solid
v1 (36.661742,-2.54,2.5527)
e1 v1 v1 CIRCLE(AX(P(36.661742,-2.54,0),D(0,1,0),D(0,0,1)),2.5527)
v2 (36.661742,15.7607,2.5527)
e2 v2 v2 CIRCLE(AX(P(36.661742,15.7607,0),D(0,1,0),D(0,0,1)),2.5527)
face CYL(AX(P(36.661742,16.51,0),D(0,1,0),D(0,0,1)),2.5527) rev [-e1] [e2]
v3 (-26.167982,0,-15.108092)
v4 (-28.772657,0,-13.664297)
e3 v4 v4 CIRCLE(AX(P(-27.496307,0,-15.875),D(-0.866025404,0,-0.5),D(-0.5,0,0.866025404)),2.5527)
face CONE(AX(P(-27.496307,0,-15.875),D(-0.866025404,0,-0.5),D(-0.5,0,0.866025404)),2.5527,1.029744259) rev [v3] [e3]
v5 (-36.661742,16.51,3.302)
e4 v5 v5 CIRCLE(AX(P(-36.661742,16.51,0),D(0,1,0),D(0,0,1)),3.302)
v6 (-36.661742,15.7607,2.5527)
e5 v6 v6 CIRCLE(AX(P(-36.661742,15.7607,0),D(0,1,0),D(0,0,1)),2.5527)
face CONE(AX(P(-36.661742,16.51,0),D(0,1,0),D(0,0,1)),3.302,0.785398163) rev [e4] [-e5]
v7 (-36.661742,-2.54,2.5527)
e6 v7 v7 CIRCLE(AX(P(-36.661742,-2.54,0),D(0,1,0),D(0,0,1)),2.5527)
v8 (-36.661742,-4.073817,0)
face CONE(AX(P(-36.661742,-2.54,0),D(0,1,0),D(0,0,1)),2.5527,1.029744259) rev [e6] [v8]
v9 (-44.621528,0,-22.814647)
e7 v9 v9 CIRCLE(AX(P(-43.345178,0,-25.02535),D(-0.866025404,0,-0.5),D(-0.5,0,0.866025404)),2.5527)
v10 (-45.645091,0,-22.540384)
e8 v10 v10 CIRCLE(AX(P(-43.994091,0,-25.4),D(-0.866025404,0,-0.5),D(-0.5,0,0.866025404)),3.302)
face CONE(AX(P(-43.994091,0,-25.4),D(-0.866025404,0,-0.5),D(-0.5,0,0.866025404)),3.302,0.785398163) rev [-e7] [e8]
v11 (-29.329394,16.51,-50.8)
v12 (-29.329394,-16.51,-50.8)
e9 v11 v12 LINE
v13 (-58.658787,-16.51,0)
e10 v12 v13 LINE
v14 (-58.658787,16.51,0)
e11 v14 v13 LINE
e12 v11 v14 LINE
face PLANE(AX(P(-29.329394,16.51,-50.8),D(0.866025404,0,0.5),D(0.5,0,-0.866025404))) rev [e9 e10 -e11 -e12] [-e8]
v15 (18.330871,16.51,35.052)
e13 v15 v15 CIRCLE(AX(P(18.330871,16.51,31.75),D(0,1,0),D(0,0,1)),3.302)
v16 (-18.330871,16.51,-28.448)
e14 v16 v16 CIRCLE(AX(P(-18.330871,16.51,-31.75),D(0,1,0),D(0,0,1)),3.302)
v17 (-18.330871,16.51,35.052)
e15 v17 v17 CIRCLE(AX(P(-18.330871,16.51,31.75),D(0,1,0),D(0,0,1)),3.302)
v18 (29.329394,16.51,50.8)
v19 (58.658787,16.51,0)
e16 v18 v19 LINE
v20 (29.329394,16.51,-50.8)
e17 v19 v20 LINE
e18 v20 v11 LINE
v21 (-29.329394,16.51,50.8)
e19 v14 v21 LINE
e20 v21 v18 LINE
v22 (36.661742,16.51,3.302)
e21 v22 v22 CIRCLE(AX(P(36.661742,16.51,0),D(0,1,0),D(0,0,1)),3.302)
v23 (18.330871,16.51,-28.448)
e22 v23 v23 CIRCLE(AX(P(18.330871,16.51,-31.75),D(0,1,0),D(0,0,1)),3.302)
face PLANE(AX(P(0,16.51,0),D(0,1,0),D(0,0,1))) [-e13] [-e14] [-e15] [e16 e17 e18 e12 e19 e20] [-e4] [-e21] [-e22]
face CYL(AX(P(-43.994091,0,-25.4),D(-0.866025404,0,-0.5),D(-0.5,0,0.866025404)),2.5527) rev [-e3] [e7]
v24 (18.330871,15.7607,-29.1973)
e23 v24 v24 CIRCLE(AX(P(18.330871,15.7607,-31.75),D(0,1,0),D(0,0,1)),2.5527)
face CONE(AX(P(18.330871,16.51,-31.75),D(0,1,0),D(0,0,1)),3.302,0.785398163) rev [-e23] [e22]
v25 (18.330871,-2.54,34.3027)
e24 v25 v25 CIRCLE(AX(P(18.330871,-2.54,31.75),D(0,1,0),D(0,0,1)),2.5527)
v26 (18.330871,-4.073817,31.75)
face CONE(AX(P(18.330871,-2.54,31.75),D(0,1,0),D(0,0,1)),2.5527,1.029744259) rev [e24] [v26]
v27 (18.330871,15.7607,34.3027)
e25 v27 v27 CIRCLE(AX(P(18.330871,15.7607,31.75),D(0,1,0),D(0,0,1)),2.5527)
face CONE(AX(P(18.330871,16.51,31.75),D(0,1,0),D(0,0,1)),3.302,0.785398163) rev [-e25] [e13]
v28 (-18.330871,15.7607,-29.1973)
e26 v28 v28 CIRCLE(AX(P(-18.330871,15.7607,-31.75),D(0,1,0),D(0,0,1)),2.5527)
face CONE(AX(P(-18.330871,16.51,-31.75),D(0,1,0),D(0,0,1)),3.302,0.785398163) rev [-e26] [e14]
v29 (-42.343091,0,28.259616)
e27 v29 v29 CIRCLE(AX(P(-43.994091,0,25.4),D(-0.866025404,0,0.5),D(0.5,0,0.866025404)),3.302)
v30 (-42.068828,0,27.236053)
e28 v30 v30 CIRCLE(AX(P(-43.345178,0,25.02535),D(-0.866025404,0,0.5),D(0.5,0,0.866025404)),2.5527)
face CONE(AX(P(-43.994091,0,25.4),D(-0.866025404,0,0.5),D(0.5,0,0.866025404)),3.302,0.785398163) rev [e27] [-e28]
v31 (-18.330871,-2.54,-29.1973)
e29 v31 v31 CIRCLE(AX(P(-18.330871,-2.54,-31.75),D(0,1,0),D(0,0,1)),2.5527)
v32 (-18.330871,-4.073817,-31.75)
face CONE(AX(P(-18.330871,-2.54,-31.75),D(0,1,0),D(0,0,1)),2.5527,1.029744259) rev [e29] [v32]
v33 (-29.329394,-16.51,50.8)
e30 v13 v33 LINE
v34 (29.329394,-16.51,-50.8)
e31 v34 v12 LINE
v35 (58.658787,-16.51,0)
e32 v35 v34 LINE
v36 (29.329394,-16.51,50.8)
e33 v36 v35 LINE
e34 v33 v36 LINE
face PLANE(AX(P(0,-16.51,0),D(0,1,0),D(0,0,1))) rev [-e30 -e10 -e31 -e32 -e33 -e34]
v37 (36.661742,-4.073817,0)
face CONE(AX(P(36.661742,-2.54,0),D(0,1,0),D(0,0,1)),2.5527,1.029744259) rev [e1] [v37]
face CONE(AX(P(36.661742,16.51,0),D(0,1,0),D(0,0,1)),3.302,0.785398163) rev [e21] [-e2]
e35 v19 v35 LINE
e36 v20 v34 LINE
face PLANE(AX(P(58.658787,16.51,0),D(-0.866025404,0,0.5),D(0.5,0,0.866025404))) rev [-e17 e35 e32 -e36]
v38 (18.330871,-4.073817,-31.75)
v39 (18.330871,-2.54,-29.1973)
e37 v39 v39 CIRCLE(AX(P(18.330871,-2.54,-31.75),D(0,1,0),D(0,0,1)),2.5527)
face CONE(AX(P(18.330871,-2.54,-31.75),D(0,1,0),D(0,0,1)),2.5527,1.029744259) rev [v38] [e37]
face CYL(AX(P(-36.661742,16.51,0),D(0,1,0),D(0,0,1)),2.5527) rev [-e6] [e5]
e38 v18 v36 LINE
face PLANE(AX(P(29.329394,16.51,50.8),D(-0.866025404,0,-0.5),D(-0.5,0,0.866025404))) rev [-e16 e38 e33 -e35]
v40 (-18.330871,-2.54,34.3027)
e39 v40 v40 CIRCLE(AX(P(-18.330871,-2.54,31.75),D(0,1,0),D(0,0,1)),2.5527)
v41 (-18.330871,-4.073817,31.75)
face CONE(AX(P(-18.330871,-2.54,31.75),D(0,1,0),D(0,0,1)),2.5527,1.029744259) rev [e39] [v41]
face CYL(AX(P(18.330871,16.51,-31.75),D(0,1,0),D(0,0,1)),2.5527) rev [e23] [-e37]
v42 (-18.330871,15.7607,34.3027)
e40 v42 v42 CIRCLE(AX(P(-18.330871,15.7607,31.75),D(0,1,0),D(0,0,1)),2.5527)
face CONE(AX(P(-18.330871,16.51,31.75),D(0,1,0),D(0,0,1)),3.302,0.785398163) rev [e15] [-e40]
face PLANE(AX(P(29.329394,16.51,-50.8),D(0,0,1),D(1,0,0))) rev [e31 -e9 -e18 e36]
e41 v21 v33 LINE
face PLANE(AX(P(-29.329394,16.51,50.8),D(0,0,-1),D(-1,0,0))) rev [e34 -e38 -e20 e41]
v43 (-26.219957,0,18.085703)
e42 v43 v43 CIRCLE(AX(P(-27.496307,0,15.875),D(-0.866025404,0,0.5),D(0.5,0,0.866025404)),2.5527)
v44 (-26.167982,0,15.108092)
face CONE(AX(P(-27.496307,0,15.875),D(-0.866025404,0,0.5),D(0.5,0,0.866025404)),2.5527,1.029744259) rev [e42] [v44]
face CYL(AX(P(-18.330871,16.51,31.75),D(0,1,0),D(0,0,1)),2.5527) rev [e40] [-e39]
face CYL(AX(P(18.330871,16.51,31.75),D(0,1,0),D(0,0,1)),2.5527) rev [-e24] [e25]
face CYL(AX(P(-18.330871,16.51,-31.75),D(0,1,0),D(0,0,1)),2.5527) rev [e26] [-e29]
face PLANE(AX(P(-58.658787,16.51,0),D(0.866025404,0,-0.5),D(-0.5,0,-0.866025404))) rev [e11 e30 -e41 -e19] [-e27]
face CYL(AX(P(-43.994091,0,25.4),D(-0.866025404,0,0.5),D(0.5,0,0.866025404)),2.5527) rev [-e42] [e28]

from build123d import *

# Parameters (mm, degrees)
BOSS_EXTRUDE1_DEPTH                         = 16.51
F_1_4_20_TAPPED_HOLE1_D                     = 5.1054
F_1_4_20_TAPPED_HOLE1_DEPTH                 = 19.05
F_1_4_20_TAPPED_HOLE1_CSINK_D               = 6.604
F_1_4_20_TAPPED_HOLE1_CSINK_ANGLE           = 90
F_1_4_20_TAPPED_HOLE1_TIP                   = 1.533816902
F_1_4_20_TAPPED_HOLE1_ON_FACE_2_D           = 5.1054
F_1_4_20_TAPPED_HOLE1_ON_FACE_2_DEPTH       = 19.05
F_1_4_20_TAPPED_HOLE1_ON_FACE_2_CSINK_D     = 6.604
F_1_4_20_TAPPED_HOLE1_ON_FACE_2_CSINK_ANGLE = 90
F_1_4_20_TAPPED_HOLE1_ON_FACE_2_TIP         = 1.533816902
F_1_4_20_TAPPED_HOLE1_ON_FACE_3_D           = 5.1054
F_1_4_20_TAPPED_HOLE1_ON_FACE_3_DEPTH       = 19.05
F_1_4_20_TAPPED_HOLE1_ON_FACE_3_CSINK_D     = 6.604
F_1_4_20_TAPPED_HOLE1_ON_FACE_3_CSINK_ANGLE = 90
F_1_4_20_TAPPED_HOLE1_ON_FACE_3_TIP         = 1.533816902


with BuildPart() as part:
    # Sketch1 → Boss-Extrude1 (new, symmetric)
    with BuildSketch(Plane(origin=(0, 0, 0), x_dir=(1, 0, 0), z_dir=(0, 1, 0))):
        Polygon((-58.65878735, 0), (-29.329393675, -50.8), (29.329393675, -50.8), (58.65878735, 0), (29.329393675, 50.8), (-29.329393675, 50.8), align=None)
    extrude(amount=BOSS_EXTRUDE1_DEPTH, both=True)

    # 1/4-20 Tapped Hole1
    with Locations(Plane(origin=(-43.994090512, 0, -25.4), x_dir=(0.5, 0, -0.866025403784), z_dir=(-0.866025403784, 0, -0.5))):
        with Locations((0, 0)):
            CounterSinkHole(F_1_4_20_TAPPED_HOLE1_D / 2, F_1_4_20_TAPPED_HOLE1_CSINK_D / 2, depth=F_1_4_20_TAPPED_HOLE1_DEPTH, counter_sink_angle=F_1_4_20_TAPPED_HOLE1_CSINK_ANGLE)
            with Locations((0, 0, -(F_1_4_20_TAPPED_HOLE1_DEPTH + F_1_4_20_TAPPED_HOLE1_TIP / 2))):  # 118° drill point
                Cone(0, F_1_4_20_TAPPED_HOLE1_D / 2, F_1_4_20_TAPPED_HOLE1_TIP, mode=Mode.SUBTRACT)

    # 1/4-20 Tapped Hole1 on face 2
    with Locations(Plane(origin=(-43.994090512, 0, 25.4), x_dir=(-0.500000174844, 0, -0.866025302838), z_dir=(-0.866025302838, 0, 0.500000174844))):
        with Locations((0, 0)):
            CounterSinkHole(F_1_4_20_TAPPED_HOLE1_ON_FACE_2_D / 2, F_1_4_20_TAPPED_HOLE1_ON_FACE_2_CSINK_D / 2, depth=F_1_4_20_TAPPED_HOLE1_ON_FACE_2_DEPTH, counter_sink_angle=F_1_4_20_TAPPED_HOLE1_ON_FACE_2_CSINK_ANGLE)
            with Locations((0, 0, -(F_1_4_20_TAPPED_HOLE1_ON_FACE_2_DEPTH + F_1_4_20_TAPPED_HOLE1_ON_FACE_2_TIP / 2))):  # 118° drill point
                Cone(0, F_1_4_20_TAPPED_HOLE1_ON_FACE_2_D / 2, F_1_4_20_TAPPED_HOLE1_ON_FACE_2_TIP, mode=Mode.SUBTRACT)

    # 1/4-20 Tapped Hole1 on face 3
    with Locations(Plane(origin=(18.330871047, 16.51, 31.75), x_dir=(0, 0, 1), z_dir=(0, 1, 0))):
        with Locations((0, 0), (-31.75, 18.330871047), (-63.5, -36.661742094), (-31.75, -54.992613141), (0, -36.661742094), (-63.5, 0)):
            CounterSinkHole(F_1_4_20_TAPPED_HOLE1_ON_FACE_3_D / 2, F_1_4_20_TAPPED_HOLE1_ON_FACE_3_CSINK_D / 2, depth=F_1_4_20_TAPPED_HOLE1_ON_FACE_3_DEPTH, counter_sink_angle=F_1_4_20_TAPPED_HOLE1_ON_FACE_3_CSINK_ANGLE)
            with Locations((0, 0, -(F_1_4_20_TAPPED_HOLE1_ON_FACE_3_DEPTH + F_1_4_20_TAPPED_HOLE1_ON_FACE_3_TIP / 2))):  # 118° drill point
                Cone(0, F_1_4_20_TAPPED_HOLE1_ON_FACE_3_D / 2, F_1_4_20_TAPPED_HOLE1_ON_FACE_3_TIP, mode=Mode.SUBTRACT)


solid = part.part
